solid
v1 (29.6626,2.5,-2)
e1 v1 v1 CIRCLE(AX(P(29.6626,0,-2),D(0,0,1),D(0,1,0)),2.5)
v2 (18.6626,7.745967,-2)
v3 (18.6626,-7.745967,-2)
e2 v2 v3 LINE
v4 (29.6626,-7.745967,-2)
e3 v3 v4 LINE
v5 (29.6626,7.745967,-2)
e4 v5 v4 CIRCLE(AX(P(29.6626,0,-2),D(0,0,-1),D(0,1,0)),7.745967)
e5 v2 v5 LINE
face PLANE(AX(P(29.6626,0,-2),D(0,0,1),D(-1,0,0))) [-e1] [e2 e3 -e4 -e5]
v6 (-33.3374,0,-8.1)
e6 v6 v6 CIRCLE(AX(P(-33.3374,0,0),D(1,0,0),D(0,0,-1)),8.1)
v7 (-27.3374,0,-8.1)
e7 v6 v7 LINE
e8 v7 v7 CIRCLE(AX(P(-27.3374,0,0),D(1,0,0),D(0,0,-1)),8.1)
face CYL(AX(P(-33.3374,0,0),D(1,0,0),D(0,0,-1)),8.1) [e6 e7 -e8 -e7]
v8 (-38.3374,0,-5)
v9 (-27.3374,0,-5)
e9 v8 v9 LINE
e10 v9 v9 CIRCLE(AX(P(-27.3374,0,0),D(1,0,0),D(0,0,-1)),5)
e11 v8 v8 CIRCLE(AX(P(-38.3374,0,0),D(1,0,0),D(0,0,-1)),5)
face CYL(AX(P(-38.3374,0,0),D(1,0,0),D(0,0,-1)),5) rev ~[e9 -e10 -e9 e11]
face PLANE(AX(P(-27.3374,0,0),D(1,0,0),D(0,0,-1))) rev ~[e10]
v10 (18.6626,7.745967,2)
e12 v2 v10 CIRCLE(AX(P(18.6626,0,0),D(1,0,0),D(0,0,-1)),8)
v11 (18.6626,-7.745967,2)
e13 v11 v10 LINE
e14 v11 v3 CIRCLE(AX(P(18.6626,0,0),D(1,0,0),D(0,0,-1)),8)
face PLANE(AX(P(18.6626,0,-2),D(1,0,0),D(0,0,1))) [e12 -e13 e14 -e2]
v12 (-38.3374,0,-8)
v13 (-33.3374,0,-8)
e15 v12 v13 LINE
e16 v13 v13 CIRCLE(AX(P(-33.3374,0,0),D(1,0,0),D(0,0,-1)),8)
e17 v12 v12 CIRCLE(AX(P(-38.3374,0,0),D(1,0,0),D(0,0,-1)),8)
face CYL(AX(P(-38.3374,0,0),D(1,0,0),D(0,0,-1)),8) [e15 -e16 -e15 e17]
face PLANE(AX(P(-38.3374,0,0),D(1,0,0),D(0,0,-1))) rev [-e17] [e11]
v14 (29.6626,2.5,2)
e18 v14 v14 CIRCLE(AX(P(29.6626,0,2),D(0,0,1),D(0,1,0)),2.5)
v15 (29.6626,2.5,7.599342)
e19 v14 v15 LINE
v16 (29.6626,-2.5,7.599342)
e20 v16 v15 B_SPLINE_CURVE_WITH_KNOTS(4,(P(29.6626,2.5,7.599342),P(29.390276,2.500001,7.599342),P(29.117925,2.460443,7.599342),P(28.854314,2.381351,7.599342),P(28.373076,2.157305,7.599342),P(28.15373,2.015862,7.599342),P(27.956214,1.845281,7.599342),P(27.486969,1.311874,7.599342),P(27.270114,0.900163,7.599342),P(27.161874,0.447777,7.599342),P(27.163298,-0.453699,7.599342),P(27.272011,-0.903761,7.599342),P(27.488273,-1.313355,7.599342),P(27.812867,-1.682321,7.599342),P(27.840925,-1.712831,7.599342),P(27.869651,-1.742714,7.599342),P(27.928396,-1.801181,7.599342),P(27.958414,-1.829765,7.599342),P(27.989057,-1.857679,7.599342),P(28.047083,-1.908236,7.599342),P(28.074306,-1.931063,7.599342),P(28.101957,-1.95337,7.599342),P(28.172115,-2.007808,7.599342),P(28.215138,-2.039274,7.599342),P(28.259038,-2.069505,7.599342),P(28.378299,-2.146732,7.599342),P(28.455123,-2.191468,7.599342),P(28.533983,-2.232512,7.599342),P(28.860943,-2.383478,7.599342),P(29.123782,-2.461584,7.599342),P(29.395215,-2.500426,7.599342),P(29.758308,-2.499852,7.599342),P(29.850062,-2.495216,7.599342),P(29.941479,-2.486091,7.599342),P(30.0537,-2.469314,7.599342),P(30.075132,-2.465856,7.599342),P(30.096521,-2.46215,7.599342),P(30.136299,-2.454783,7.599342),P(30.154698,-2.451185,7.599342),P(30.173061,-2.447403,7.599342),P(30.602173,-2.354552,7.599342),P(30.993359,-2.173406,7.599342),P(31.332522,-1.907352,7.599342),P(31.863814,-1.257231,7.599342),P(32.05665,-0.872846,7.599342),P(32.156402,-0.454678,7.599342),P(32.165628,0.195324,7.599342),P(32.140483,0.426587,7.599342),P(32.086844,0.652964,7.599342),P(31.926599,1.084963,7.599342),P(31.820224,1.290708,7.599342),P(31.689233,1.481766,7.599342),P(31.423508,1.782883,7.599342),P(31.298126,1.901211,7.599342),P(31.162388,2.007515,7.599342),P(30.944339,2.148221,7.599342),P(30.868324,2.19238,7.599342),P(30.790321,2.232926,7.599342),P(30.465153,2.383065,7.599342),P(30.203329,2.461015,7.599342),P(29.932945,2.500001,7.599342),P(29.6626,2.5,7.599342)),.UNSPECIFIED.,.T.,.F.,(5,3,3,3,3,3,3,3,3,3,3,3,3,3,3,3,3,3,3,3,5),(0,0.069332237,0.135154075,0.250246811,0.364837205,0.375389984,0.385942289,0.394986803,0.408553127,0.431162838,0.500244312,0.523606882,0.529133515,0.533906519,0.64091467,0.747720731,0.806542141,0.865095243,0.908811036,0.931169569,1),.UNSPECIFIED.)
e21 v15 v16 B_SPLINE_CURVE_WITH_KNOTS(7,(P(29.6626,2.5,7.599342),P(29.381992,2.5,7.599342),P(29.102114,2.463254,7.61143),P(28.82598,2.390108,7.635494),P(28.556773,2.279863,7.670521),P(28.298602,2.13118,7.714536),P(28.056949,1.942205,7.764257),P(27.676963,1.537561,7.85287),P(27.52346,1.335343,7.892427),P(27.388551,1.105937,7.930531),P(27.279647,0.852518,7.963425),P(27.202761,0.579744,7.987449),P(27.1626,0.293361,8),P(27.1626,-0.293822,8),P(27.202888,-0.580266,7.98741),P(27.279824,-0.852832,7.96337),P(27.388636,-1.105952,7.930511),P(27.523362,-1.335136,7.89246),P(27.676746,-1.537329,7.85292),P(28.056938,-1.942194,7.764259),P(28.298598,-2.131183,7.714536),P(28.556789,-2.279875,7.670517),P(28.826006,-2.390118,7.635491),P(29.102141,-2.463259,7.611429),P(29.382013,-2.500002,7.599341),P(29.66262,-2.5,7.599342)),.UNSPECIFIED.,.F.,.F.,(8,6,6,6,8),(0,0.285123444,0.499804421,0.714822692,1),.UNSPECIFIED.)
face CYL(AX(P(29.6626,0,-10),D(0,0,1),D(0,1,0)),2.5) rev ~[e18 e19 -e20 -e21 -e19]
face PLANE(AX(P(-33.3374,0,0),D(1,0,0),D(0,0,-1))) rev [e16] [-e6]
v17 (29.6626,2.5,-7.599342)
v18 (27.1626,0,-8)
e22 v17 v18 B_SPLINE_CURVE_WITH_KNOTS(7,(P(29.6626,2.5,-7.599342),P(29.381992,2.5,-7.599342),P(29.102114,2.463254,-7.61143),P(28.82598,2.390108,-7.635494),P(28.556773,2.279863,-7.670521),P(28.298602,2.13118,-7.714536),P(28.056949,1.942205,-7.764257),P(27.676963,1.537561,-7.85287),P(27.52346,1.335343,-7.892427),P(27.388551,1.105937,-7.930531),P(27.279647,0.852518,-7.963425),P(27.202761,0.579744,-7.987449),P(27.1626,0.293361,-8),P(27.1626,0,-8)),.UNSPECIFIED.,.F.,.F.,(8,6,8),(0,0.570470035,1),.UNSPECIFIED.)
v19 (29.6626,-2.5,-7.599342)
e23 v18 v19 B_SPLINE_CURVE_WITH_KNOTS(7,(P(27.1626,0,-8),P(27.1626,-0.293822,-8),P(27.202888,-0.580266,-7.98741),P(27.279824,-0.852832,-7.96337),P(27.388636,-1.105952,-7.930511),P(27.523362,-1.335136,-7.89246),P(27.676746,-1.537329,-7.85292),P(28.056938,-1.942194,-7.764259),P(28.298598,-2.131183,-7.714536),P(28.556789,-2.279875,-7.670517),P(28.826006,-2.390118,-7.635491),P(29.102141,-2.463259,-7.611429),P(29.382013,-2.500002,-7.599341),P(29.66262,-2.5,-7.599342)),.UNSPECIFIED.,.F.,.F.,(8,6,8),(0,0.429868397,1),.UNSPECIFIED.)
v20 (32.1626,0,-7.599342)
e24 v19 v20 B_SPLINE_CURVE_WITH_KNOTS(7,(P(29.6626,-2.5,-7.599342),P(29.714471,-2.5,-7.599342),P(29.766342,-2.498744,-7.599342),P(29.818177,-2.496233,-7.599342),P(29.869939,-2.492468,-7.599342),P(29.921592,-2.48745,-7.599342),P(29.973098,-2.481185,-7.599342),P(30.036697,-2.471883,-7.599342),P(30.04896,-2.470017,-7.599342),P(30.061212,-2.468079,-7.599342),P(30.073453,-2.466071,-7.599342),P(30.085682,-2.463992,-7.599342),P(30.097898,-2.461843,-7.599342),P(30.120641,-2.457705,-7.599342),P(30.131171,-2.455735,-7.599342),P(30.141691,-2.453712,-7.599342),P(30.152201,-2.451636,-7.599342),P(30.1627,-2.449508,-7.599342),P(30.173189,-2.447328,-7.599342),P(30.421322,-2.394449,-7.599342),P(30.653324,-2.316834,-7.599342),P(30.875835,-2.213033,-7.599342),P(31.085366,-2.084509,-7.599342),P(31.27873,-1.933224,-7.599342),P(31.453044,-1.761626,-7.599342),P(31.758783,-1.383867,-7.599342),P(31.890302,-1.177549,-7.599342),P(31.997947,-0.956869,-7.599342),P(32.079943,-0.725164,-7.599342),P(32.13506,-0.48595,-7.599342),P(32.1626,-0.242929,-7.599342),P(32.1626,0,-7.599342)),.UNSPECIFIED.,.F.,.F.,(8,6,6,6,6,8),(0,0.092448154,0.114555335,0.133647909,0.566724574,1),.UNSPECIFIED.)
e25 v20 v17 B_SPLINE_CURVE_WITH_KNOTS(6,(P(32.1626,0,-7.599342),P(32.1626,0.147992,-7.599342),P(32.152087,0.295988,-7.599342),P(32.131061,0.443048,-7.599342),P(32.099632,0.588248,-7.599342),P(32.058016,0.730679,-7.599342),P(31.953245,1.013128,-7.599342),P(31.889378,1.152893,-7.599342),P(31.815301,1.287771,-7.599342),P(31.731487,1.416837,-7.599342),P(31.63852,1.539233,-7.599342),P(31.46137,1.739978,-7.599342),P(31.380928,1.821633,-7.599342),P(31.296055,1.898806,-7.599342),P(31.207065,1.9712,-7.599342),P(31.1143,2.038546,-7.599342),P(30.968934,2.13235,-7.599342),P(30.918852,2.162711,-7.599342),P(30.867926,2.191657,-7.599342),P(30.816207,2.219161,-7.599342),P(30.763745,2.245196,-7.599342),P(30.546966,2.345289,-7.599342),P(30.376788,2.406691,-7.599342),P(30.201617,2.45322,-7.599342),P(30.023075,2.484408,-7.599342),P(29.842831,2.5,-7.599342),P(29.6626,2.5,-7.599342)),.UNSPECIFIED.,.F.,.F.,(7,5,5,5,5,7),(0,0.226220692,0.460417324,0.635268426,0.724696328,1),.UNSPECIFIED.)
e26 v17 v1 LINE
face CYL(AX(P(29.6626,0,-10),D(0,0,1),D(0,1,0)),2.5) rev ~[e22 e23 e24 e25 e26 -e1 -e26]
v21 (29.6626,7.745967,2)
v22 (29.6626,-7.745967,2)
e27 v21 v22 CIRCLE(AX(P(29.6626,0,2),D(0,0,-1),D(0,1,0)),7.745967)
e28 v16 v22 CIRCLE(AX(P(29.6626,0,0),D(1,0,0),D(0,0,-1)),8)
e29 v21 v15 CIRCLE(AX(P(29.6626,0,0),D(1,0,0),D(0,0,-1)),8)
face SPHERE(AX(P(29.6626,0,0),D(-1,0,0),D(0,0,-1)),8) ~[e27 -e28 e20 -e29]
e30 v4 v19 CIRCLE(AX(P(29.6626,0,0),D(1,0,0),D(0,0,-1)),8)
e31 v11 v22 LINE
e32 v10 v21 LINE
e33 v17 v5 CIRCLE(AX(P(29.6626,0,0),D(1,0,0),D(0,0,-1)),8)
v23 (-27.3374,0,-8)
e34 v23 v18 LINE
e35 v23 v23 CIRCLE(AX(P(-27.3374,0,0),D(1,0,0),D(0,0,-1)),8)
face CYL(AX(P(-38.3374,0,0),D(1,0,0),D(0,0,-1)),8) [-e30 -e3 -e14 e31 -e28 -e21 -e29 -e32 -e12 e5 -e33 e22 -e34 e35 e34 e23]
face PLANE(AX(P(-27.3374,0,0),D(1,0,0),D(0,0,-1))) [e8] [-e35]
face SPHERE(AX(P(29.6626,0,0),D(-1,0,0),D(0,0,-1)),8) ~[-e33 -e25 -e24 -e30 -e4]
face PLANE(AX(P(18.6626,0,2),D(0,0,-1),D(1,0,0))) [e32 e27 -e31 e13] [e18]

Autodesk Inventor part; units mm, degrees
ref_plane "YZ Plane" through (0, 0, 0) normal (1, 0, 0) x (0, 1, 0)
ref_plane "XZ Plane" through (0, 0, 0) normal (0, 1, 0) x (-1, 0, 0)
sketch "Boceto1" plane through (0, 0, 0) normal (0, 1, 0) x (-1, 0, 0)
  line L0 (52.4225, 0) -> (-52.4225, 0)
  line L1 (38.3374, 0) -> (38.3374, -8)
  line L2 (38.3374, -8) -> (-29.6626, -8)
  line L3 (-29.6626, -8) -> (-29.6626, 0)
  line L4 (38.3374, -5) -> (27.3374, -5)
  line L5 (27.3374, -5) -> (27.3374, 0)
  line L6 (33.3374, -8) -> (33.3374, -8.1)
  line L7 (33.3374, -8.1) -> (27.3374, -8.1)
  line L8 (27.3374, -8.1) -> (27.3374, -8)
  arc A0 (-37.6626, 0) -> (-29.6626, -8) centre (-29.6626, 0) ccw
  line L9 (-18.6626, 2) -> (-37.6626, 2)
  line L10 (-37.6626, 2) -> (-37.6626, -2)
  line L11 (-37.6626, -2) -> (-18.6626, -2)
  line L12 (-18.6626, -2) -> (-18.6626, 2)
  point P0 (0, 0)
  point P1 (0, 0)
  point P2 (-29.6626, -10)
  dimension "d0" = 68
  dimension "d1" = 16
  dimension "d2" = 10
  dimension "d3" = 11
  dimension "d4" = 5
  dimension "d5" = 6
  dimension "d6" = 16.2
  dimension "d8" = 8
  dimension "d9" = 19
  dimension "d10" = 4
  dimension "d11" = 10
  dimension "d12" = 38.3374
  dimension "d13" = 14.0851
  dimension "d14" = 68
revolve "Revolución1" add sketch "Boceto1" angle 360 about axis through (-52.4225, 0, 0) along (1, 0, 0) contours L5 L4 L1 L2 L3 L11 L12 L0 | L12 L11 L3 L0 | L3 L11 A0 L0 | L6 L7 L8 L2 | L3 A0 L11
extrude "Extrusión1" cut sketch "Boceto1" along normal through all both and the other way through all contours L12 L11 L3 L0 | L0 L10 L9 L12 | L3 L11 A0 L0 | A0 L11 L10
ref_plane "Plano de trabajo1" through (29.6626, 0, -10) normal (0, 0, 1) x (1, 0, 0)
sketch "Boceto2" plane through (29.6626, 0, -10) normal (0, 0, 1) x (1, 0, 0)
  line L0 (-11, 7.746) -> (0, 7.746) projected
  line L1 (0, -7.746) -> (0, 7.746) projected
  line L2 (0, -7.746) -> (-11, -7.746) projected
  line L3 (-11, -7.746) -> (-11, -7.746) projected
  line L4 (-11, -7.746) -> (0, -7.746) projected
  line L5 (0, 7.746) -> (0, -7.746) projected
  line L6 (0, 7.746) -> (-11, 7.746) projected
  line L7 (-11, 7.746) -> (-11, 7.746) projected
  line L8 (-57, -8) -> (-57, 8) projected
  arc A0 (0, -7.746) -> (0, 7.746) centre (0, 0) ccw projected
  line L9 (0, -7.746) -> (0, 7.746) projected
  point P0 (-29.6626, 0)
hole "Agujero1" at (29.6626, 0, -10) direction (0, 0, 1) diameter 5 end through all
properties part number "1 -HUDSON-8-31B-TDR HAND PUMP"
